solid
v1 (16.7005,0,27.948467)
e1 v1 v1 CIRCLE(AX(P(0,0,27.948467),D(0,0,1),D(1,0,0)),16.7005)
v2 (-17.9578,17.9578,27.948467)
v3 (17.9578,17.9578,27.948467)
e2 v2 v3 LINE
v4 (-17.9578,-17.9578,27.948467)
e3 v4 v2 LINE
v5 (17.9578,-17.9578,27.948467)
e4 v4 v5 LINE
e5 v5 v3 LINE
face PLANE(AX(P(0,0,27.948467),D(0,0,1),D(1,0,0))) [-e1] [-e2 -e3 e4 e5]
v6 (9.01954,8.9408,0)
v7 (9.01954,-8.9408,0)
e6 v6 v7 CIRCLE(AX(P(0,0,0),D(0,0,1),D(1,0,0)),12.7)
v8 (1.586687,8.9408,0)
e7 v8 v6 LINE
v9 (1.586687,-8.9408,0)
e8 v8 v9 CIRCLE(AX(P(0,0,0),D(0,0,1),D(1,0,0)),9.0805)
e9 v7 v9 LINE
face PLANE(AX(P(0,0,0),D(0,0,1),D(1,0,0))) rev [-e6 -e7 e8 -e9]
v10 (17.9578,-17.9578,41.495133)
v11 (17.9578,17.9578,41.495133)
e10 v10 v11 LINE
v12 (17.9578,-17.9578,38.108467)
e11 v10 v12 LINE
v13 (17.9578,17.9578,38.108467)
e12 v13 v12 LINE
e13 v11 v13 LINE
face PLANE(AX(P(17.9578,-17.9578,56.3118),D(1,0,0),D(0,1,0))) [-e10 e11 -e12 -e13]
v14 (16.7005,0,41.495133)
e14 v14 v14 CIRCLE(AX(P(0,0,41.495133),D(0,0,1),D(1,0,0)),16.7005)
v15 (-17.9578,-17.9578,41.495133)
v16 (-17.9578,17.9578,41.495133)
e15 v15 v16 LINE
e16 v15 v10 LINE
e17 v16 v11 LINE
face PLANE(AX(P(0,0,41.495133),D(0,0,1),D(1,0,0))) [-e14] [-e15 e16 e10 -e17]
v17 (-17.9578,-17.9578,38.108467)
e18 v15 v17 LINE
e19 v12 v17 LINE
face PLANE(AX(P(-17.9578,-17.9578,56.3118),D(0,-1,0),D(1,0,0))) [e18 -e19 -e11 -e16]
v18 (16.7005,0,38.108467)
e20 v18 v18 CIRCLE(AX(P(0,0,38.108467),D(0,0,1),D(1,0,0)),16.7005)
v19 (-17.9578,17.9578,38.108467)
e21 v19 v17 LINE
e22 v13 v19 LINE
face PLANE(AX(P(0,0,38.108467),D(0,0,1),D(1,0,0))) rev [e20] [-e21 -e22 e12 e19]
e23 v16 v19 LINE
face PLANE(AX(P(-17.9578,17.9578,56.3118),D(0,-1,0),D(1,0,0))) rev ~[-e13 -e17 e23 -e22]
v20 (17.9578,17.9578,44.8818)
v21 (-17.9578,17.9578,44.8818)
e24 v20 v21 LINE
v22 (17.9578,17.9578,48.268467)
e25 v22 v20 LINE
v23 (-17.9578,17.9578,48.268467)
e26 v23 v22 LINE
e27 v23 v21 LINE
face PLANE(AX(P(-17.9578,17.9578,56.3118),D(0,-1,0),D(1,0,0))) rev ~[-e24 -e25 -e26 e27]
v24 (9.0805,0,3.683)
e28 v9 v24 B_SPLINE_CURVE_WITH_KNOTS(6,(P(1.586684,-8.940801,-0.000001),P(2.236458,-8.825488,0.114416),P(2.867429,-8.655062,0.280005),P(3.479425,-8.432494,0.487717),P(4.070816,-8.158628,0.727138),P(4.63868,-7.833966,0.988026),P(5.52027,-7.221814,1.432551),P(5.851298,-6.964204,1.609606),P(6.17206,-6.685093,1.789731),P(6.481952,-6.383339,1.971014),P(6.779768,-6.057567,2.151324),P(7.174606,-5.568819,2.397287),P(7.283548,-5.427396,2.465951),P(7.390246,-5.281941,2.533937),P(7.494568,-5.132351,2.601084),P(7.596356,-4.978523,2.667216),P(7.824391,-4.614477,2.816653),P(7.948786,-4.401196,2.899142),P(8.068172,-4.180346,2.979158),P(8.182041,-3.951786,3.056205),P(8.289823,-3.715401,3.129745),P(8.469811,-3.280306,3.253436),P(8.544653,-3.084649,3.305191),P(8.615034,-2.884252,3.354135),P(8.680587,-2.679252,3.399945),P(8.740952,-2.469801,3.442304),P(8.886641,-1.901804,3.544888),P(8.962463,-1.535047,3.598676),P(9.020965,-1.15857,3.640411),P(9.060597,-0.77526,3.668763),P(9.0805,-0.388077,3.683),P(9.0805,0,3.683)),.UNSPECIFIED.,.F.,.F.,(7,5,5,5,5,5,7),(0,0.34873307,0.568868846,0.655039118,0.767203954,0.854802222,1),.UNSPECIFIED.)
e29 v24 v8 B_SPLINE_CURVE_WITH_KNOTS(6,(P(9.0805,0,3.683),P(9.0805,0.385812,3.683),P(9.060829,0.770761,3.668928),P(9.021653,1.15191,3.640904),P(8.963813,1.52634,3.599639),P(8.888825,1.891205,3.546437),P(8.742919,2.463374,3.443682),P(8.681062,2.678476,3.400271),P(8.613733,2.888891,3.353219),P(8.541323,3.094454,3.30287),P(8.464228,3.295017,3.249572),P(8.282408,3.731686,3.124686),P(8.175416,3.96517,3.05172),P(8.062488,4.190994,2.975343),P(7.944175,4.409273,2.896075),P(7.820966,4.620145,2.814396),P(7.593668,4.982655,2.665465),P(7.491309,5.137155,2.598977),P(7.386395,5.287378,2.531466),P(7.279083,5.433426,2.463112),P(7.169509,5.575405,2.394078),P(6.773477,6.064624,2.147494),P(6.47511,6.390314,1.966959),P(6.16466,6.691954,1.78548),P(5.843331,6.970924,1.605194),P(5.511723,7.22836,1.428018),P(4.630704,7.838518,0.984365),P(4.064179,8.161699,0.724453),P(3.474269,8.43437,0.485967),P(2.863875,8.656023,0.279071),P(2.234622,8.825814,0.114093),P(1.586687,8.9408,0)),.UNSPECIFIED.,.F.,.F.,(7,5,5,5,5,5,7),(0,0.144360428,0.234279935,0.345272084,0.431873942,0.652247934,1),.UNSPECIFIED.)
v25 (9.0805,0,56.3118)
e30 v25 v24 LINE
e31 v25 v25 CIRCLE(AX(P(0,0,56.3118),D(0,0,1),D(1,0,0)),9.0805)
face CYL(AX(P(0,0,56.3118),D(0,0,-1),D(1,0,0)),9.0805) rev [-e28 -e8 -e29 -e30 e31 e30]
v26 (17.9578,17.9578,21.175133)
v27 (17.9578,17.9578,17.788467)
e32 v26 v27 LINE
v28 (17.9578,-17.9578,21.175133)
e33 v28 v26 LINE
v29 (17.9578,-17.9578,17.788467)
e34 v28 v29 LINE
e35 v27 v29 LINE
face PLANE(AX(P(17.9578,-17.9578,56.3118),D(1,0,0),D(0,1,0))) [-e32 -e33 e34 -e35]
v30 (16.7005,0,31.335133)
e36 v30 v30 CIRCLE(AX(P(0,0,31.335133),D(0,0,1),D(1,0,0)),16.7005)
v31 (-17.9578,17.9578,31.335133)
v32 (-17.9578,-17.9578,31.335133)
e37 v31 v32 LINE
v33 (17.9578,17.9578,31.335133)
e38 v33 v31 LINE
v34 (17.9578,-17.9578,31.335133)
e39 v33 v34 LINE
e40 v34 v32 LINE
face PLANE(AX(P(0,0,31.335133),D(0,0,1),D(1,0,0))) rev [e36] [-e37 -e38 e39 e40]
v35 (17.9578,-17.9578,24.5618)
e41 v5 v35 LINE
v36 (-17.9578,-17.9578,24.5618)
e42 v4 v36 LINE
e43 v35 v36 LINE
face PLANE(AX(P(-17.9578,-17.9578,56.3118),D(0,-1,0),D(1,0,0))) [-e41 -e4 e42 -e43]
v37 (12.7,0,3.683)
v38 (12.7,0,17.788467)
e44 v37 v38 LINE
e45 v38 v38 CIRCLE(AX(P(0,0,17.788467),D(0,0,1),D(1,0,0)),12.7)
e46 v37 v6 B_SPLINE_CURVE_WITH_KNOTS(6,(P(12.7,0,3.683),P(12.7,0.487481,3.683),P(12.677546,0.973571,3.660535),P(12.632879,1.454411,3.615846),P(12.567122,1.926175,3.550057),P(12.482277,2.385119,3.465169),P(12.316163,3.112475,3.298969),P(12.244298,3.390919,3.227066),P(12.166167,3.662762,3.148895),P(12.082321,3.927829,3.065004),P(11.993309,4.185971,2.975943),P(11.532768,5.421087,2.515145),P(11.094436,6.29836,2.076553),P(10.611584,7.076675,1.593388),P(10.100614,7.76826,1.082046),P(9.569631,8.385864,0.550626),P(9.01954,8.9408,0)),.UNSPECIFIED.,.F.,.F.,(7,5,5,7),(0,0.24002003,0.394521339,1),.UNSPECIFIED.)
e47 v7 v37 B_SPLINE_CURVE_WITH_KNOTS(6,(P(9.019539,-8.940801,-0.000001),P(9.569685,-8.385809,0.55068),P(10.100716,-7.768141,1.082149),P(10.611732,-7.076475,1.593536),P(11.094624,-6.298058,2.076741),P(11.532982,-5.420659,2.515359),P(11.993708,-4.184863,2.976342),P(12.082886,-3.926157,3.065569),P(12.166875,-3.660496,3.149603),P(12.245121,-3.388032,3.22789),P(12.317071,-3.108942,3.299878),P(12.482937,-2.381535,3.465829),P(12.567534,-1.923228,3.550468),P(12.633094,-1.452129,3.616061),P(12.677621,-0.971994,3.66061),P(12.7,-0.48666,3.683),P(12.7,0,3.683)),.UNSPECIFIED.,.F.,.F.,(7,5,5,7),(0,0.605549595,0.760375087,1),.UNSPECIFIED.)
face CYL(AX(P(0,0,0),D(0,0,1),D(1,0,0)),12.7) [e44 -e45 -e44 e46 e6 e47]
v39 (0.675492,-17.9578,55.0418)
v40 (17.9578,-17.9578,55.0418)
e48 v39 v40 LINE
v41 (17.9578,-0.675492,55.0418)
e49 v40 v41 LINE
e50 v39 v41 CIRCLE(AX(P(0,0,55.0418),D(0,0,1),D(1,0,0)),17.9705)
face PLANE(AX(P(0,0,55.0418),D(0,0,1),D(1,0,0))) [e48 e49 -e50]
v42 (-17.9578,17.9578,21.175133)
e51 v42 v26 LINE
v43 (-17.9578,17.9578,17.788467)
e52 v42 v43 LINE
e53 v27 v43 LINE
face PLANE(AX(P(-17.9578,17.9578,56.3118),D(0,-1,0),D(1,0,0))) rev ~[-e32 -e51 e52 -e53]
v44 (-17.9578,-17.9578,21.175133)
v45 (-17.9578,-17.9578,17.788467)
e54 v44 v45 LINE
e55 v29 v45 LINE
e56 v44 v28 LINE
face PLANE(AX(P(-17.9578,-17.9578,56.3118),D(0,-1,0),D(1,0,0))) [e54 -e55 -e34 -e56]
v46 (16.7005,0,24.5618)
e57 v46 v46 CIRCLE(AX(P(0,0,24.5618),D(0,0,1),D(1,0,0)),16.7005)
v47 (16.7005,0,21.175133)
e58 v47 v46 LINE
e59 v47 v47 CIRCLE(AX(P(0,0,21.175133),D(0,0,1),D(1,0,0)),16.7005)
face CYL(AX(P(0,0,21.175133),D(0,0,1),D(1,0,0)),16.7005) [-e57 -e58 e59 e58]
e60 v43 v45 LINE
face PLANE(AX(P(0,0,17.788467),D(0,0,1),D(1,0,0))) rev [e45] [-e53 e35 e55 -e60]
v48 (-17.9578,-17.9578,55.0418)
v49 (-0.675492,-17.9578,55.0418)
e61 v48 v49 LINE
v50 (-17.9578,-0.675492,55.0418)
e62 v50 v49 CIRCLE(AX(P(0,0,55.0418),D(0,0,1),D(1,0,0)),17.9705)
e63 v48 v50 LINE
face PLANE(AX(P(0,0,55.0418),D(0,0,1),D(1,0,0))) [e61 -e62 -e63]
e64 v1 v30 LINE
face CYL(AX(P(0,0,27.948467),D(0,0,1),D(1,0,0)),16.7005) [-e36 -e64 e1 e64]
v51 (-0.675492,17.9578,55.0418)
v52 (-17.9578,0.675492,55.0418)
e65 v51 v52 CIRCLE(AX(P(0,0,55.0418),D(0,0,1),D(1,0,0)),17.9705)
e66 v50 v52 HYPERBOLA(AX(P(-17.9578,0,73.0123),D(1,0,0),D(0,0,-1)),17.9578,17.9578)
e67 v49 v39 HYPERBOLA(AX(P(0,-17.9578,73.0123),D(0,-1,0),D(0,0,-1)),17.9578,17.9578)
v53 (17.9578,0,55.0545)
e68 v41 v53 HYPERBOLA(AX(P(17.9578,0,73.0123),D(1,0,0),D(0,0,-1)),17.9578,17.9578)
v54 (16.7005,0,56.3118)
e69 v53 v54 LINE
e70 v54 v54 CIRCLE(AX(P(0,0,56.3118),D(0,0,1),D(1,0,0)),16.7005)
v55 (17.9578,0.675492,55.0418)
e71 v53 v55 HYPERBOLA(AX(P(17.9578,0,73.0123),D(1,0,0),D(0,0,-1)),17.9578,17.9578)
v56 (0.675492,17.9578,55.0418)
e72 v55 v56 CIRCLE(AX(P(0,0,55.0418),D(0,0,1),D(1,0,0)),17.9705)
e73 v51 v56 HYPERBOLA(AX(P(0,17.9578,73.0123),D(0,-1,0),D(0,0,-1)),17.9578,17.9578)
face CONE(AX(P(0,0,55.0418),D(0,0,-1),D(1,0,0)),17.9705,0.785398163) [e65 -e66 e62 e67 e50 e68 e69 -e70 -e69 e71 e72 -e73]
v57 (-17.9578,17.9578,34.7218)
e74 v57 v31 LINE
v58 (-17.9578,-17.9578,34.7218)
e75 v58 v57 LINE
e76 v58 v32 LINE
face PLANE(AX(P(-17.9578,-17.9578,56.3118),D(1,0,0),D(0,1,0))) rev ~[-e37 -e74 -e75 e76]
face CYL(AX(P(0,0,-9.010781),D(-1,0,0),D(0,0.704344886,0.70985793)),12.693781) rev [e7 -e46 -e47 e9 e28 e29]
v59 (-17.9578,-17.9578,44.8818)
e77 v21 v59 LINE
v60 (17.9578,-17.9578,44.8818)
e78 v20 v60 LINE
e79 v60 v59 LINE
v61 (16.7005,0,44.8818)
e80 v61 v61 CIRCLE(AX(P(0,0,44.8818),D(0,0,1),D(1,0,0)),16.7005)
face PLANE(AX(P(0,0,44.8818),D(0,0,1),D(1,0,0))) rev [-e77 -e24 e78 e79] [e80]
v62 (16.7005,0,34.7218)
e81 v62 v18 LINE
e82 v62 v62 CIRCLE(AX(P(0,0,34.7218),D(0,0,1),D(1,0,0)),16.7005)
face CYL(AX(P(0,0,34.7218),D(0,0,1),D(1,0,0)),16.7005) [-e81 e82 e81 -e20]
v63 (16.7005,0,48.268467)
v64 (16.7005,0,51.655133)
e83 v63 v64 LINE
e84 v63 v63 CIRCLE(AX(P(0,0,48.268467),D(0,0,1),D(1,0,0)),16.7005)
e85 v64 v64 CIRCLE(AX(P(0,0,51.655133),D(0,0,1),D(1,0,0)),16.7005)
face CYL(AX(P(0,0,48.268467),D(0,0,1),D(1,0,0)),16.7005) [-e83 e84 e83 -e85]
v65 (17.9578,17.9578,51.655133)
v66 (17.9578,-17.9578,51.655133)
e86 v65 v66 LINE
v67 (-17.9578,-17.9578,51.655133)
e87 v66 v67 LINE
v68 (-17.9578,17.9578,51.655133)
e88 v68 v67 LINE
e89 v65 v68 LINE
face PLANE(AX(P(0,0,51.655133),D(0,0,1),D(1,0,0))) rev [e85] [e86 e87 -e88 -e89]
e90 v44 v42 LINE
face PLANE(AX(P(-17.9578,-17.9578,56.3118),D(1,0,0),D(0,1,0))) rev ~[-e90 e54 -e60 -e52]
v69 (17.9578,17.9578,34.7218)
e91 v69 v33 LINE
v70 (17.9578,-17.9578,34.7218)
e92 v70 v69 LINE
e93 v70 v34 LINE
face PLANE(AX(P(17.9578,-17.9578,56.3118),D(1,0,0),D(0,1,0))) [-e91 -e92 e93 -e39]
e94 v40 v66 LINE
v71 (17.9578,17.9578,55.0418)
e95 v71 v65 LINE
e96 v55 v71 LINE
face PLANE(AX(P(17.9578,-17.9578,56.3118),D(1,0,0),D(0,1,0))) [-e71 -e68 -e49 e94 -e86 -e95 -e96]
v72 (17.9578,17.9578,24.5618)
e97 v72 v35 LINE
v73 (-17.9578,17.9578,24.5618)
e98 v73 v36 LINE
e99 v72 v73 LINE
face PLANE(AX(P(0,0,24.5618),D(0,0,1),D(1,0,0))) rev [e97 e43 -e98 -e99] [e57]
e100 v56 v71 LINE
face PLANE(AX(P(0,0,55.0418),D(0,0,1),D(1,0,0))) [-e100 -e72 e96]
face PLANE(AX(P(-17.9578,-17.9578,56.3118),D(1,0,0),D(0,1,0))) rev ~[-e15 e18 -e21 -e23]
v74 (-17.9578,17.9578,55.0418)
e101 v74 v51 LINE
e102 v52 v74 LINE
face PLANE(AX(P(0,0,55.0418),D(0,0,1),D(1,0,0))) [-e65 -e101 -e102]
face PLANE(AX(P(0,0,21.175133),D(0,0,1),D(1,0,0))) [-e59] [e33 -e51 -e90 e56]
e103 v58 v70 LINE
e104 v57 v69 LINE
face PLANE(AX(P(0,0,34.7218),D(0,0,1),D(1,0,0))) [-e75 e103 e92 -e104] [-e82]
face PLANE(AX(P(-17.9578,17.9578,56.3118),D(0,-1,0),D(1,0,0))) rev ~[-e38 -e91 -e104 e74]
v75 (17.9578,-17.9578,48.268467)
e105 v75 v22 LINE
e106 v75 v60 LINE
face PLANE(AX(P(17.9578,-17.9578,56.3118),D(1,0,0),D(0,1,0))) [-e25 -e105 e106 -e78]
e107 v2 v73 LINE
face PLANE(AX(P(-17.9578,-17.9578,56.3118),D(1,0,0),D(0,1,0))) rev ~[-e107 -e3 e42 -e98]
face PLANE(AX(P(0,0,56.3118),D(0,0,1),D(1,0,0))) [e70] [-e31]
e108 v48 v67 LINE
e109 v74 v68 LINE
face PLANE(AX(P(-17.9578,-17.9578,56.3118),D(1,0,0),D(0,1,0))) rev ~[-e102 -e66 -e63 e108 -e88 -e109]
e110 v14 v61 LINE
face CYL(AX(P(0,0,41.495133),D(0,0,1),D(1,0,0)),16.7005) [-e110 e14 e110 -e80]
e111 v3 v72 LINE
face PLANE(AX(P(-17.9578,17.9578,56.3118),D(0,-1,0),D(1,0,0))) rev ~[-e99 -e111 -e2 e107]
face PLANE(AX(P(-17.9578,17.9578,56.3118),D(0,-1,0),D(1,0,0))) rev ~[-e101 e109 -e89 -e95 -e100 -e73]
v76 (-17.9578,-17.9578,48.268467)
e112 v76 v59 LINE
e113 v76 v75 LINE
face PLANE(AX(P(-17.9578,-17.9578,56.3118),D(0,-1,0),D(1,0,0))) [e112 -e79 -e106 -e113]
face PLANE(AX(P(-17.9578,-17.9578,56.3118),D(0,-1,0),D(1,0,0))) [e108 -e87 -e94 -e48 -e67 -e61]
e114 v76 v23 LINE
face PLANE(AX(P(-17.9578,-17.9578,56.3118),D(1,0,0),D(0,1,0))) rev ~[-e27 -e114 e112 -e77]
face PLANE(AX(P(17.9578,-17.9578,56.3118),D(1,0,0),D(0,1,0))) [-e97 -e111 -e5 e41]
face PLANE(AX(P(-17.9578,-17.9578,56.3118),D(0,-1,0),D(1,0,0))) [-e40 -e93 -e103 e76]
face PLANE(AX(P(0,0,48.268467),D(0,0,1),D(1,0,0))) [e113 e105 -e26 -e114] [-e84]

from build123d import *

# Parameters (mm, degrees)
F2_W     = 35.9156
F2_H     = 35.9156
F3_DEPTH = 56.3128
F5_DEPTH = 13.7000001


with BuildPart() as f1:
    # F0 (on Front) → F1 (revolve)
    with BuildSketch(Plane.XZ):
        Polygon((12.8905, 56.3118), (12.8905, 55.0418), (17.9705, 55.0418), (16.7005, 56.3118), align=None)
        Polygon((17.9705, 55.0418), (12.8905, 55.0418), (12.8905, 17.7884666667), (17.9705, 17.7884666667), (50.8, 17.7884666667), (50.8, 21.1751333333), (16.7005, 21.1751333333), (16.7005, 24.5618), (50.8, 24.5618), (50.8, 27.9484666667), (16.7005, 27.9484666667), (16.7005, 31.3351333333), (50.8, 31.3351333333), (50.8, 34.7218), (16.7005, 34.7218), (16.7005, 38.1084666667), (50.8, 38.1084666667), (50.8, 41.4951333333), (16.7005, 41.4951333333), (16.7005, 44.8818), (50.8, 44.8818), (50.8, 48.2684666667), (16.7005, 48.2684666667), (16.7005, 51.6551333333), (50.8, 51.6551333333), (50.8, 55.0418), align=None)
        Polygon((12.8905, 17.7884666667), (12.8905, 55.0418), (12.8905, 56.3118), (9.0805, 56.3118), (9.0805, 0), (12.7, 0), (12.7, 17.7884666667), align=None)
    revolve(axis=Axis((0, 0, 27.5209), (0, 0, 1)))

    # F2 (on face) → F3 (cut, through all)
    with BuildSketch(Plane.XY.offset(56.3118)):
        with BuildLine():
            ThreePointArc((50.8, 0), (35.9210245024, 35.9210244661), (5.14e-08, 50.8))
            ThreePointArc((5.14e-08, 50.8), (-35.9210245011, 35.9210244675), (-50.8, -9.89e-08))
            ThreePointArc((-50.8, -9.89e-08), (-35.9210244493, -35.9210245192), (0, -50.8))
            ThreePointArc((0, -50.8), (35.9210244843, -35.9210244843), (50.8, 0))
        make_face()
        Rectangle(F2_W, F2_H, mode=Mode.SUBTRACT)
    extrude(amount=-F3_DEPTH, mode=Mode.SUBTRACT)

    # F4 (on Right) → F5 (cut, up to face)
    with BuildSketch(Plane.YZ):
        with BuildLine():
            ThreePointArc((-8.9408, 0), (-4.8805494132, -20.7288154777), (12.6937813793, -9.0107813793))
            ThreePointArc((12.6937813793, -9.0107813793), (11.7180340984, -4.1302319661), (8.9408, 0))
            Line((8.9408, 0), (-8.9408, 0))
        make_face()
        with BuildLine():
            Line((-8.9408, 0), (8.9408, 0))
            ThreePointArc((8.9408, 0), (0, 3.683), (-8.9408, 0))
        make_face()
    extrude(amount=F5_DEPTH, mode=Mode.SUBTRACT)


solid = f1.part
